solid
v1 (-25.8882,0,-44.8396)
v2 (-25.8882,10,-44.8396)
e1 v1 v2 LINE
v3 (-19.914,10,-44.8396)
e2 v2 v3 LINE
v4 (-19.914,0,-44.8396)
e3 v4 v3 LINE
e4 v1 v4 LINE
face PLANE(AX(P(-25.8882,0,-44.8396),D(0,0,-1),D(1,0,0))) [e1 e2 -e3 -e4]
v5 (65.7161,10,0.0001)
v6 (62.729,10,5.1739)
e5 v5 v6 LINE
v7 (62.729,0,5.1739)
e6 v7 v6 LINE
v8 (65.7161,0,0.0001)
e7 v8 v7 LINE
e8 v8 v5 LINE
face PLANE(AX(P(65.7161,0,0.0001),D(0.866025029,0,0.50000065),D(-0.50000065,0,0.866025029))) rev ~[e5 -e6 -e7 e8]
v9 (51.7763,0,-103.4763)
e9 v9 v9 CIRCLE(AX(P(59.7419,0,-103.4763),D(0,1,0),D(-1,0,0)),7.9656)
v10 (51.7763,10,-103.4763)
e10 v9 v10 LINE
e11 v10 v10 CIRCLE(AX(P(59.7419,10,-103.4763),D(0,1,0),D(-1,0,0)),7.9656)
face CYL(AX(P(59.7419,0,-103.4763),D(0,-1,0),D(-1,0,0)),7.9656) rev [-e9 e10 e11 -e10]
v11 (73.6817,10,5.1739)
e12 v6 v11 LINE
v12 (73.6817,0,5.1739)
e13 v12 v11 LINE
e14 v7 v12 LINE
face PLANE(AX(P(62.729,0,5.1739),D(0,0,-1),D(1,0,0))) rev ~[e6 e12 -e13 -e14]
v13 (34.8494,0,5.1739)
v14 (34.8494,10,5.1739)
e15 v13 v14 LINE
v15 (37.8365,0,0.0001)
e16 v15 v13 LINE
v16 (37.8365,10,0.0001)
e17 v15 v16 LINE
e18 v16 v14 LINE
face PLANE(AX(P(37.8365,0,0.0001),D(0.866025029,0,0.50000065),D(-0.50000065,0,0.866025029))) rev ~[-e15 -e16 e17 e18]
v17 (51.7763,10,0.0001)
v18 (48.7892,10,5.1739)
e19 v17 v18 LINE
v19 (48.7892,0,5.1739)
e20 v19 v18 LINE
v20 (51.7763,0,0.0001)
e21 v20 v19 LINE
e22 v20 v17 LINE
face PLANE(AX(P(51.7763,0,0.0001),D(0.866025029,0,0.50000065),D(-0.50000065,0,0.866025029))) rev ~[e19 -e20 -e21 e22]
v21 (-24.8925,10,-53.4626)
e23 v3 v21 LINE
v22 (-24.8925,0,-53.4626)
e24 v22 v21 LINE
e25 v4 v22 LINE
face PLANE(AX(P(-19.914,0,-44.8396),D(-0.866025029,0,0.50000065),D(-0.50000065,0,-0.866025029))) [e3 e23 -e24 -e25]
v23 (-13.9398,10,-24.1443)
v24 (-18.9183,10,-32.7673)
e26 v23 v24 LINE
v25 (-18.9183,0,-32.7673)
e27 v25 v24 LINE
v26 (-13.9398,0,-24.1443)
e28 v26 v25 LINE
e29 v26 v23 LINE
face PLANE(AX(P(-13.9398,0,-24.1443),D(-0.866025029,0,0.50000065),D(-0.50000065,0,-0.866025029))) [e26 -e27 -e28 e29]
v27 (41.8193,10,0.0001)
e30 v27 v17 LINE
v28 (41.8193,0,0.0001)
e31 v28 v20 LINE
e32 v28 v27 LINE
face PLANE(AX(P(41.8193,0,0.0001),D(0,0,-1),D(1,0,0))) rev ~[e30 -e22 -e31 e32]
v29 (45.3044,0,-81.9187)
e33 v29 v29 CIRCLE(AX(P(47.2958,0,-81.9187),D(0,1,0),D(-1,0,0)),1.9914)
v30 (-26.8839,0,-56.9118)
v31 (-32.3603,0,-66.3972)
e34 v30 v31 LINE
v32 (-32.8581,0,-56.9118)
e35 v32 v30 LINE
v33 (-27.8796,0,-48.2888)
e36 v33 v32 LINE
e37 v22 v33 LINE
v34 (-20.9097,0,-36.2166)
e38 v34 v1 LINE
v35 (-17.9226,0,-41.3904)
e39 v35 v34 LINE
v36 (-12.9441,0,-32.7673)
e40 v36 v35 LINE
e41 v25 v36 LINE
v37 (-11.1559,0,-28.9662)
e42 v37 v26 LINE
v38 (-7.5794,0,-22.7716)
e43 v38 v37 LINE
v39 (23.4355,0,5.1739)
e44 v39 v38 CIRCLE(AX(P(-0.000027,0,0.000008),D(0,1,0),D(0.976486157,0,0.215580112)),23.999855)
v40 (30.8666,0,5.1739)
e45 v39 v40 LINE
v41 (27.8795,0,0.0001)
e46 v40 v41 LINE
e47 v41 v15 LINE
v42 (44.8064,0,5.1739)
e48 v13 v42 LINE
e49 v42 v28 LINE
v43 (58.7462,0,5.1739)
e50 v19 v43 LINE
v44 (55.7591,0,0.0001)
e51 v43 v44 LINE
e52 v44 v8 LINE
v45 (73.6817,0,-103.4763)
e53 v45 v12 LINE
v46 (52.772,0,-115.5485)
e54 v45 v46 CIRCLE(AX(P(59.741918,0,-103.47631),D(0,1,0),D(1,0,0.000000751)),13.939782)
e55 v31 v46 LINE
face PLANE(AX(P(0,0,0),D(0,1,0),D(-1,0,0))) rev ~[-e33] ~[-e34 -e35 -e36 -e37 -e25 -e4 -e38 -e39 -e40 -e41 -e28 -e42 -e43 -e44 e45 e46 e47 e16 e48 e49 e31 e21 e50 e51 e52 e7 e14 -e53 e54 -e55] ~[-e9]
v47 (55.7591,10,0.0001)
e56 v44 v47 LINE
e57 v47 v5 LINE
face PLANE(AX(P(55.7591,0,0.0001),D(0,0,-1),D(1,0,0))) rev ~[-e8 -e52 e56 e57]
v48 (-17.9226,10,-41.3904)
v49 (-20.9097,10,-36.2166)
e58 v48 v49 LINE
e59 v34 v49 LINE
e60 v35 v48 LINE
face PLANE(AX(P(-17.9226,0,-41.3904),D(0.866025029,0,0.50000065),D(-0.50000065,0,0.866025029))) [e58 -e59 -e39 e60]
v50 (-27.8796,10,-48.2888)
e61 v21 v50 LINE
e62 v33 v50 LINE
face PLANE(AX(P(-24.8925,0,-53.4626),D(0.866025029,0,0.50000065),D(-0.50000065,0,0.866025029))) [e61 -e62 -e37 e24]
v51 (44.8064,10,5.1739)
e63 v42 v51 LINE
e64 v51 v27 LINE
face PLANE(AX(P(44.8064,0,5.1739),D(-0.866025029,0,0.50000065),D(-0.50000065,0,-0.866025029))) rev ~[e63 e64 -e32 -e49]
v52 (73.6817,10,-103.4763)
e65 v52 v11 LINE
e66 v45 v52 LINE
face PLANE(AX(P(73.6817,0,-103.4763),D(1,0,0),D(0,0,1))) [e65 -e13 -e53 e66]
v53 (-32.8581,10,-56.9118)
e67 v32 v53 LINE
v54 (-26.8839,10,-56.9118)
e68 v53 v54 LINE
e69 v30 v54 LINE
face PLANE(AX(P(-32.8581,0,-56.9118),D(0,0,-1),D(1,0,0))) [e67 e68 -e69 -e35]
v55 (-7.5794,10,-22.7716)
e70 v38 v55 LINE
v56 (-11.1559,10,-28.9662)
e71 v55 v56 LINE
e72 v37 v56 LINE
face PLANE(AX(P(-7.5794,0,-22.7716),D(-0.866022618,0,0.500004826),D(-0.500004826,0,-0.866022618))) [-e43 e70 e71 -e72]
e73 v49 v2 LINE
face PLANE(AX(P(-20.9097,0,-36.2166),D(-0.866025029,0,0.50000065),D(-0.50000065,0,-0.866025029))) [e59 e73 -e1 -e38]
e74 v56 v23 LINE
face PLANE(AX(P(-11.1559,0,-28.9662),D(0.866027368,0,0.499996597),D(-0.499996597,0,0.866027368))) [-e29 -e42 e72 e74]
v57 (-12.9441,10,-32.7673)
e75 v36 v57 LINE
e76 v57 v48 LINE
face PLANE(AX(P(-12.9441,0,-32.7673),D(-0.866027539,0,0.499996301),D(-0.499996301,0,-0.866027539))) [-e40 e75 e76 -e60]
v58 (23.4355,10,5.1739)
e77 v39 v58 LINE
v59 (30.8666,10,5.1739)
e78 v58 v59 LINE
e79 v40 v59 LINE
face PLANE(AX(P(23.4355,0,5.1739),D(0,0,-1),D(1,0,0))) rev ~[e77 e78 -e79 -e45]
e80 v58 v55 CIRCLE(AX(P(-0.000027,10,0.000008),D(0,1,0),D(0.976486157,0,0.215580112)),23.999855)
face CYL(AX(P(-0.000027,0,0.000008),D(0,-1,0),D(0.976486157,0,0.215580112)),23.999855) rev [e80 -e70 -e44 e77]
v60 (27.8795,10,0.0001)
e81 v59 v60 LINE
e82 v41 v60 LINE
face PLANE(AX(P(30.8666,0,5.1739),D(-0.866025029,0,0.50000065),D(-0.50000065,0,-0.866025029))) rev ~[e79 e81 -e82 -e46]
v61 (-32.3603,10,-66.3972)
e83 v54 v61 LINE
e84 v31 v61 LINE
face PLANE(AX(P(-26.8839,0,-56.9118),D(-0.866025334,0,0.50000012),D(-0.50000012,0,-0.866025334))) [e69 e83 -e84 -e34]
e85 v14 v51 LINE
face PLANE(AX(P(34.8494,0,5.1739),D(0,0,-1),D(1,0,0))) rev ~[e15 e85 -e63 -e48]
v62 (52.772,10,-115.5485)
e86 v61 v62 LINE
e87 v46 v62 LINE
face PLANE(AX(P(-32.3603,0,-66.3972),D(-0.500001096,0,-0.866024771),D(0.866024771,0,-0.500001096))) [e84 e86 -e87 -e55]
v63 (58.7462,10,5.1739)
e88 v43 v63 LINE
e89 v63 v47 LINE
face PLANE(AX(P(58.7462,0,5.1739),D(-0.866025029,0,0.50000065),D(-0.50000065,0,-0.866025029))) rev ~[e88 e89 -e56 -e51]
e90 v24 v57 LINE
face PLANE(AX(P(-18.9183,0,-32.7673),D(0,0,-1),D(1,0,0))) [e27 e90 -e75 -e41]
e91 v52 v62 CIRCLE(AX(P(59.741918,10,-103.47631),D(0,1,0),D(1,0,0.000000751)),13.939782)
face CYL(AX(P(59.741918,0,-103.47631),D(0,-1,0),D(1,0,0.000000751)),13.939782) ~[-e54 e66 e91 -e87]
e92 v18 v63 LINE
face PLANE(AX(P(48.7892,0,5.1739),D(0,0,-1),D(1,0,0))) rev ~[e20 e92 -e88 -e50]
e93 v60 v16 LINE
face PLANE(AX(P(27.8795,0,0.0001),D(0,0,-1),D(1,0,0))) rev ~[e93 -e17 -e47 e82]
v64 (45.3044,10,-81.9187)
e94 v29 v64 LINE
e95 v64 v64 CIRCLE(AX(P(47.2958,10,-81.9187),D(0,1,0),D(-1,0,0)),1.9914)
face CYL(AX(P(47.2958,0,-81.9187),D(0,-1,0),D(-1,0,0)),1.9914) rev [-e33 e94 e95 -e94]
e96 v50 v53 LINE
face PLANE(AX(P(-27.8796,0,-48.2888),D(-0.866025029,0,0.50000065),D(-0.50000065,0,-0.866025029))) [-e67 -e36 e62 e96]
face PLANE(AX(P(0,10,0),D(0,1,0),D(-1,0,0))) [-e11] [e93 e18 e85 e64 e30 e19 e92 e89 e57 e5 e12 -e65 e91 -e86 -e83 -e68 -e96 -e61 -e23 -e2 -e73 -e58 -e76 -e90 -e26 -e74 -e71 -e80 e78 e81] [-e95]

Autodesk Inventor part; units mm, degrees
ref_plane "YZ Plane" through (0, 0, 0) normal (1, 0, 0) x (0, 1, 0)
ref_plane "XZ Plane" through (0, 0, 0) normal (0, 1, 0) x (-1, 0, 0)
ref_plane "XY Plane" through (0, 0, 0) normal (0, 0, 1) x (1, 0, 0)
sketch "Boceto1" plane through (0, 0, 0) normal (0, 1, 0) x (-1, 0, 0)
  circle A0 centre (-59.7419, -103.4763) radius 7.9656
  circle A1 centre (-47.2958, -81.9187) radius 1.9914
  line L0 (-73.6817, -103.4763) -> (-73.6817, 5.1739)
  line L1 (32.3603, -66.3972) -> (-52.772, -115.5485)
  arc A2 (-73.6817, -103.4763) -> (-52.772, -115.5485) centre (-59.7419, -103.4763) ccw
  line L2 (13.9398, -24.1443) -> (18.9183, -32.7673)
  line L3 (20.9097, -36.2166) -> (25.8882, -44.8396)
  line L4 (27.8796, -48.2888) -> (32.8581, -56.9118)
  line L5 (7.5794, -22.7716) -> (11.1559, -28.9662)
  line L6 (11.1559, -28.9662) -> (13.9398, -24.1443)
  line L7 (13.9398, -24.1443) -> (18.9183, -32.7673)
  line L8 (18.9183, -32.7673) -> (12.9441, -32.7673)
  line L9 (12.9441, -32.7673) -> (17.9226, -41.3904)
  line L10 (17.9226, -41.3904) -> (20.9097, -36.2166)
  line L11 (20.9097, -36.2166) -> (25.8882, -44.8396)
  line L12 (25.8882, -44.8396) -> (19.914, -44.8396)
  line L13 (19.914, -44.8396) -> (24.8925, -53.4626)
  line L14 (24.8925, -53.4626) -> (27.8796, -48.2888)
  line L15 (27.8796, -48.2888) -> (32.8581, -56.9118)
  line L16 (32.8581, -56.9118) -> (26.8839, -56.9118)
  line L17 (26.8839, -56.9118) -> (32.3603, -66.3972)
  line L18 (-27.8795, 0.0001) -> (-37.8365, 0.0001)
  line L19 (-41.8193, 0.0001) -> (-51.7763, 0.0001)
  line L20 (-55.7591, 0.0001) -> (-65.7161, 0.0001)
  line L21 (-23.4355, 5.1739) -> (-30.8666, 5.1739)
  line L22 (-30.8666, 5.1739) -> (-27.8795, 0.0001)
  line L23 (-27.8795, 0.0001) -> (-37.8365, 0.0001)
  line L24 (-37.8365, 0.0001) -> (-34.8494, 5.1739)
  line L25 (-34.8494, 5.1739) -> (-44.8064, 5.1739)
  line L26 (-44.8064, 5.1739) -> (-41.8193, 0.0001)
  line L27 (-41.8193, 0.0001) -> (-51.7763, 0.0001)
  line L28 (-51.7763, 0.0001) -> (-48.7892, 5.1739)
  line L29 (-48.7892, 5.1739) -> (-58.7462, 5.1739)
  line L30 (-58.7462, 5.1739) -> (-55.7591, 0.0001)
  line L31 (-55.7591, 0.0001) -> (-65.7161, 0.0001)
  line L32 (-65.7161, 0.0001) -> (-62.729, 5.1739)
  line L33 (-62.729, 5.1739) -> (-73.6817, 5.1739)
  arc A3 (-23.4355, 5.1739) -> (7.5794, -22.7716) centre (0, 0) ccw
extrude "Extrusión2" add sketch "Boceto1" along normal blind 10
sketch "Boceto2" plane through (0, 10, 0) normal (0, 1, 0) x (1, 0, 0)
  circle A0 centre (59.7419, 103.4763) radius 7.9656 projected
  circle A1 centre (47.2958, 81.9187) radius 1.9914 projected
  arc A2 (73.6817, 103.4763) -> (52.772, 115.5485) centre (59.7419, 103.4763) ccw projected
  line L0 (52.772, 115.5485) -> (-32.3603, 66.3972) projected
  line L1 (-32.3603, 66.3972) -> (-26.8839, 56.9118) projected
  line L2 (-26.8839, 56.9118) -> (-32.8581, 56.9118) projected
  line L3 (-32.8581, 56.9118) -> (-27.8796, 48.2888) projected
  line L4 (-27.8796, 48.2888) -> (-24.8925, 53.4626) projected
  line L5 (-24.8925, 53.4626) -> (-19.914, 44.8396) projected
  line L6 (-19.914, 44.8396) -> (-25.8882, 44.8396) projected
  line L7 (-25.8882, 44.8396) -> (-20.9097, 36.2166) projected
  line L8 (-20.9097, 36.2166) -> (-17.9226, 41.3904) projected
  line L9 (-17.9226, 41.3904) -> (-12.9441, 32.7673) projected
  line L10 (-12.9441, 32.7673) -> (-18.9183, 32.7673) projected
  line L11 (-18.9183, 32.7673) -> (-13.9398, 24.1443) projected
  line L12 (-13.9398, 24.1443) -> (-11.1559, 28.9662) projected
  line L13 (-11.1559, 28.9662) -> (-7.5794, 22.7716) projected
  arc A3 (23.4355, -5.1739) -> (-7.5794, 22.7716) centre (0, 0) ccw projected
  line L14 (23.4355, -5.1739) -> (30.8666, -5.1739) projected
  line L15 (30.8666, -5.1739) -> (27.8795, -0.0001) projected
  line L16 (27.8795, -0.0001) -> (37.8365, -0.0001) projected
  line L17 (37.8365, -0.0001) -> (34.8494, -5.1739) projected
  line L18 (34.8494, -5.1739) -> (44.8064, -5.1739) projected
  line L19 (44.8064, -5.1739) -> (41.8193, -0.0001) projected
  line L20 (41.8193, -0.0001) -> (51.7763, -0.0001) projected
  line L21 (51.7763, -0.0001) -> (48.7892, -5.1739) projected
  line L22 (48.7892, -5.1739) -> (58.7462, -5.1739) projected
  line L23 (58.7462, -5.1739) -> (55.7591, -0.0001) projected
  line L24 (55.7591, -0.0001) -> (65.7161, -0.0001) projected
  line L25 (65.7161, -0.0001) -> (62.729, -5.1739) projected
  line L26 (62.729, -5.1739) -> (73.6817, -5.1739) projected
  line L27 (73.6817, -5.1739) -> (73.6817, 103.4763) projected
  line L28 (-2.0722, 33.9367) -> (-18.7001, 62.7369)
  line L29 (-18.7001, 62.7369) -> (29.3976, 90.5062)
  circle A4 centre (47.2958, 81.9187) radius 1.9914 projected
  line L30 (52.772, 115.5485) -> (-32.3603, 66.3972) projected
  arc A5 (12.4849, 31.6246) -> (-2.0722, 33.9367) centre (0, 0) ccw
  circle A6 centre (59.7419, 103.4763) radius 7.9656 projected
  arc A7 (29.3976, 90.5062) -> (39.1023, 77.7274) centre (59.7419, 103.4763) ccw
  line L31 (12.4849, 31.6246) -> (39.1023, 77.7274)
  line L32 (0, 0) -> (59.7419, 103.4763)
  line L33 (32.4961, 9.9999) -> (63.6817, 9.9999)
  line L34 (63.6817, 9.9999) -> (63.6817, 70.7123)
  line L35 (21.1452, 26.6246) -> (47.7626, 72.7274)
  arc A8 (47.7626, 72.7274) -> (63.6817, 70.7123) centre (59.7419, 103.4763) ccw
  arc A9 (32.4961, 9.9999) -> (21.1452, 26.6246) centre (0, 0) ccw
  line L36 (41.8193, -0.0001) -> (51.7763, -0.0001) projected
  line L37 (73.6817, -5.1739) -> (73.6817, 103.4763) projected
  dimension "d6" = 10
  dimension "d8" = 10
  dimension "d10" = 33
  dimension "d11" = 5
  dimension "d12" = 10
  dimension "d13" = 10
  dimension "d14" = 10
  dimension "d15" = 10
  dimension "d16" = 33
  dimension "d17" = 5
